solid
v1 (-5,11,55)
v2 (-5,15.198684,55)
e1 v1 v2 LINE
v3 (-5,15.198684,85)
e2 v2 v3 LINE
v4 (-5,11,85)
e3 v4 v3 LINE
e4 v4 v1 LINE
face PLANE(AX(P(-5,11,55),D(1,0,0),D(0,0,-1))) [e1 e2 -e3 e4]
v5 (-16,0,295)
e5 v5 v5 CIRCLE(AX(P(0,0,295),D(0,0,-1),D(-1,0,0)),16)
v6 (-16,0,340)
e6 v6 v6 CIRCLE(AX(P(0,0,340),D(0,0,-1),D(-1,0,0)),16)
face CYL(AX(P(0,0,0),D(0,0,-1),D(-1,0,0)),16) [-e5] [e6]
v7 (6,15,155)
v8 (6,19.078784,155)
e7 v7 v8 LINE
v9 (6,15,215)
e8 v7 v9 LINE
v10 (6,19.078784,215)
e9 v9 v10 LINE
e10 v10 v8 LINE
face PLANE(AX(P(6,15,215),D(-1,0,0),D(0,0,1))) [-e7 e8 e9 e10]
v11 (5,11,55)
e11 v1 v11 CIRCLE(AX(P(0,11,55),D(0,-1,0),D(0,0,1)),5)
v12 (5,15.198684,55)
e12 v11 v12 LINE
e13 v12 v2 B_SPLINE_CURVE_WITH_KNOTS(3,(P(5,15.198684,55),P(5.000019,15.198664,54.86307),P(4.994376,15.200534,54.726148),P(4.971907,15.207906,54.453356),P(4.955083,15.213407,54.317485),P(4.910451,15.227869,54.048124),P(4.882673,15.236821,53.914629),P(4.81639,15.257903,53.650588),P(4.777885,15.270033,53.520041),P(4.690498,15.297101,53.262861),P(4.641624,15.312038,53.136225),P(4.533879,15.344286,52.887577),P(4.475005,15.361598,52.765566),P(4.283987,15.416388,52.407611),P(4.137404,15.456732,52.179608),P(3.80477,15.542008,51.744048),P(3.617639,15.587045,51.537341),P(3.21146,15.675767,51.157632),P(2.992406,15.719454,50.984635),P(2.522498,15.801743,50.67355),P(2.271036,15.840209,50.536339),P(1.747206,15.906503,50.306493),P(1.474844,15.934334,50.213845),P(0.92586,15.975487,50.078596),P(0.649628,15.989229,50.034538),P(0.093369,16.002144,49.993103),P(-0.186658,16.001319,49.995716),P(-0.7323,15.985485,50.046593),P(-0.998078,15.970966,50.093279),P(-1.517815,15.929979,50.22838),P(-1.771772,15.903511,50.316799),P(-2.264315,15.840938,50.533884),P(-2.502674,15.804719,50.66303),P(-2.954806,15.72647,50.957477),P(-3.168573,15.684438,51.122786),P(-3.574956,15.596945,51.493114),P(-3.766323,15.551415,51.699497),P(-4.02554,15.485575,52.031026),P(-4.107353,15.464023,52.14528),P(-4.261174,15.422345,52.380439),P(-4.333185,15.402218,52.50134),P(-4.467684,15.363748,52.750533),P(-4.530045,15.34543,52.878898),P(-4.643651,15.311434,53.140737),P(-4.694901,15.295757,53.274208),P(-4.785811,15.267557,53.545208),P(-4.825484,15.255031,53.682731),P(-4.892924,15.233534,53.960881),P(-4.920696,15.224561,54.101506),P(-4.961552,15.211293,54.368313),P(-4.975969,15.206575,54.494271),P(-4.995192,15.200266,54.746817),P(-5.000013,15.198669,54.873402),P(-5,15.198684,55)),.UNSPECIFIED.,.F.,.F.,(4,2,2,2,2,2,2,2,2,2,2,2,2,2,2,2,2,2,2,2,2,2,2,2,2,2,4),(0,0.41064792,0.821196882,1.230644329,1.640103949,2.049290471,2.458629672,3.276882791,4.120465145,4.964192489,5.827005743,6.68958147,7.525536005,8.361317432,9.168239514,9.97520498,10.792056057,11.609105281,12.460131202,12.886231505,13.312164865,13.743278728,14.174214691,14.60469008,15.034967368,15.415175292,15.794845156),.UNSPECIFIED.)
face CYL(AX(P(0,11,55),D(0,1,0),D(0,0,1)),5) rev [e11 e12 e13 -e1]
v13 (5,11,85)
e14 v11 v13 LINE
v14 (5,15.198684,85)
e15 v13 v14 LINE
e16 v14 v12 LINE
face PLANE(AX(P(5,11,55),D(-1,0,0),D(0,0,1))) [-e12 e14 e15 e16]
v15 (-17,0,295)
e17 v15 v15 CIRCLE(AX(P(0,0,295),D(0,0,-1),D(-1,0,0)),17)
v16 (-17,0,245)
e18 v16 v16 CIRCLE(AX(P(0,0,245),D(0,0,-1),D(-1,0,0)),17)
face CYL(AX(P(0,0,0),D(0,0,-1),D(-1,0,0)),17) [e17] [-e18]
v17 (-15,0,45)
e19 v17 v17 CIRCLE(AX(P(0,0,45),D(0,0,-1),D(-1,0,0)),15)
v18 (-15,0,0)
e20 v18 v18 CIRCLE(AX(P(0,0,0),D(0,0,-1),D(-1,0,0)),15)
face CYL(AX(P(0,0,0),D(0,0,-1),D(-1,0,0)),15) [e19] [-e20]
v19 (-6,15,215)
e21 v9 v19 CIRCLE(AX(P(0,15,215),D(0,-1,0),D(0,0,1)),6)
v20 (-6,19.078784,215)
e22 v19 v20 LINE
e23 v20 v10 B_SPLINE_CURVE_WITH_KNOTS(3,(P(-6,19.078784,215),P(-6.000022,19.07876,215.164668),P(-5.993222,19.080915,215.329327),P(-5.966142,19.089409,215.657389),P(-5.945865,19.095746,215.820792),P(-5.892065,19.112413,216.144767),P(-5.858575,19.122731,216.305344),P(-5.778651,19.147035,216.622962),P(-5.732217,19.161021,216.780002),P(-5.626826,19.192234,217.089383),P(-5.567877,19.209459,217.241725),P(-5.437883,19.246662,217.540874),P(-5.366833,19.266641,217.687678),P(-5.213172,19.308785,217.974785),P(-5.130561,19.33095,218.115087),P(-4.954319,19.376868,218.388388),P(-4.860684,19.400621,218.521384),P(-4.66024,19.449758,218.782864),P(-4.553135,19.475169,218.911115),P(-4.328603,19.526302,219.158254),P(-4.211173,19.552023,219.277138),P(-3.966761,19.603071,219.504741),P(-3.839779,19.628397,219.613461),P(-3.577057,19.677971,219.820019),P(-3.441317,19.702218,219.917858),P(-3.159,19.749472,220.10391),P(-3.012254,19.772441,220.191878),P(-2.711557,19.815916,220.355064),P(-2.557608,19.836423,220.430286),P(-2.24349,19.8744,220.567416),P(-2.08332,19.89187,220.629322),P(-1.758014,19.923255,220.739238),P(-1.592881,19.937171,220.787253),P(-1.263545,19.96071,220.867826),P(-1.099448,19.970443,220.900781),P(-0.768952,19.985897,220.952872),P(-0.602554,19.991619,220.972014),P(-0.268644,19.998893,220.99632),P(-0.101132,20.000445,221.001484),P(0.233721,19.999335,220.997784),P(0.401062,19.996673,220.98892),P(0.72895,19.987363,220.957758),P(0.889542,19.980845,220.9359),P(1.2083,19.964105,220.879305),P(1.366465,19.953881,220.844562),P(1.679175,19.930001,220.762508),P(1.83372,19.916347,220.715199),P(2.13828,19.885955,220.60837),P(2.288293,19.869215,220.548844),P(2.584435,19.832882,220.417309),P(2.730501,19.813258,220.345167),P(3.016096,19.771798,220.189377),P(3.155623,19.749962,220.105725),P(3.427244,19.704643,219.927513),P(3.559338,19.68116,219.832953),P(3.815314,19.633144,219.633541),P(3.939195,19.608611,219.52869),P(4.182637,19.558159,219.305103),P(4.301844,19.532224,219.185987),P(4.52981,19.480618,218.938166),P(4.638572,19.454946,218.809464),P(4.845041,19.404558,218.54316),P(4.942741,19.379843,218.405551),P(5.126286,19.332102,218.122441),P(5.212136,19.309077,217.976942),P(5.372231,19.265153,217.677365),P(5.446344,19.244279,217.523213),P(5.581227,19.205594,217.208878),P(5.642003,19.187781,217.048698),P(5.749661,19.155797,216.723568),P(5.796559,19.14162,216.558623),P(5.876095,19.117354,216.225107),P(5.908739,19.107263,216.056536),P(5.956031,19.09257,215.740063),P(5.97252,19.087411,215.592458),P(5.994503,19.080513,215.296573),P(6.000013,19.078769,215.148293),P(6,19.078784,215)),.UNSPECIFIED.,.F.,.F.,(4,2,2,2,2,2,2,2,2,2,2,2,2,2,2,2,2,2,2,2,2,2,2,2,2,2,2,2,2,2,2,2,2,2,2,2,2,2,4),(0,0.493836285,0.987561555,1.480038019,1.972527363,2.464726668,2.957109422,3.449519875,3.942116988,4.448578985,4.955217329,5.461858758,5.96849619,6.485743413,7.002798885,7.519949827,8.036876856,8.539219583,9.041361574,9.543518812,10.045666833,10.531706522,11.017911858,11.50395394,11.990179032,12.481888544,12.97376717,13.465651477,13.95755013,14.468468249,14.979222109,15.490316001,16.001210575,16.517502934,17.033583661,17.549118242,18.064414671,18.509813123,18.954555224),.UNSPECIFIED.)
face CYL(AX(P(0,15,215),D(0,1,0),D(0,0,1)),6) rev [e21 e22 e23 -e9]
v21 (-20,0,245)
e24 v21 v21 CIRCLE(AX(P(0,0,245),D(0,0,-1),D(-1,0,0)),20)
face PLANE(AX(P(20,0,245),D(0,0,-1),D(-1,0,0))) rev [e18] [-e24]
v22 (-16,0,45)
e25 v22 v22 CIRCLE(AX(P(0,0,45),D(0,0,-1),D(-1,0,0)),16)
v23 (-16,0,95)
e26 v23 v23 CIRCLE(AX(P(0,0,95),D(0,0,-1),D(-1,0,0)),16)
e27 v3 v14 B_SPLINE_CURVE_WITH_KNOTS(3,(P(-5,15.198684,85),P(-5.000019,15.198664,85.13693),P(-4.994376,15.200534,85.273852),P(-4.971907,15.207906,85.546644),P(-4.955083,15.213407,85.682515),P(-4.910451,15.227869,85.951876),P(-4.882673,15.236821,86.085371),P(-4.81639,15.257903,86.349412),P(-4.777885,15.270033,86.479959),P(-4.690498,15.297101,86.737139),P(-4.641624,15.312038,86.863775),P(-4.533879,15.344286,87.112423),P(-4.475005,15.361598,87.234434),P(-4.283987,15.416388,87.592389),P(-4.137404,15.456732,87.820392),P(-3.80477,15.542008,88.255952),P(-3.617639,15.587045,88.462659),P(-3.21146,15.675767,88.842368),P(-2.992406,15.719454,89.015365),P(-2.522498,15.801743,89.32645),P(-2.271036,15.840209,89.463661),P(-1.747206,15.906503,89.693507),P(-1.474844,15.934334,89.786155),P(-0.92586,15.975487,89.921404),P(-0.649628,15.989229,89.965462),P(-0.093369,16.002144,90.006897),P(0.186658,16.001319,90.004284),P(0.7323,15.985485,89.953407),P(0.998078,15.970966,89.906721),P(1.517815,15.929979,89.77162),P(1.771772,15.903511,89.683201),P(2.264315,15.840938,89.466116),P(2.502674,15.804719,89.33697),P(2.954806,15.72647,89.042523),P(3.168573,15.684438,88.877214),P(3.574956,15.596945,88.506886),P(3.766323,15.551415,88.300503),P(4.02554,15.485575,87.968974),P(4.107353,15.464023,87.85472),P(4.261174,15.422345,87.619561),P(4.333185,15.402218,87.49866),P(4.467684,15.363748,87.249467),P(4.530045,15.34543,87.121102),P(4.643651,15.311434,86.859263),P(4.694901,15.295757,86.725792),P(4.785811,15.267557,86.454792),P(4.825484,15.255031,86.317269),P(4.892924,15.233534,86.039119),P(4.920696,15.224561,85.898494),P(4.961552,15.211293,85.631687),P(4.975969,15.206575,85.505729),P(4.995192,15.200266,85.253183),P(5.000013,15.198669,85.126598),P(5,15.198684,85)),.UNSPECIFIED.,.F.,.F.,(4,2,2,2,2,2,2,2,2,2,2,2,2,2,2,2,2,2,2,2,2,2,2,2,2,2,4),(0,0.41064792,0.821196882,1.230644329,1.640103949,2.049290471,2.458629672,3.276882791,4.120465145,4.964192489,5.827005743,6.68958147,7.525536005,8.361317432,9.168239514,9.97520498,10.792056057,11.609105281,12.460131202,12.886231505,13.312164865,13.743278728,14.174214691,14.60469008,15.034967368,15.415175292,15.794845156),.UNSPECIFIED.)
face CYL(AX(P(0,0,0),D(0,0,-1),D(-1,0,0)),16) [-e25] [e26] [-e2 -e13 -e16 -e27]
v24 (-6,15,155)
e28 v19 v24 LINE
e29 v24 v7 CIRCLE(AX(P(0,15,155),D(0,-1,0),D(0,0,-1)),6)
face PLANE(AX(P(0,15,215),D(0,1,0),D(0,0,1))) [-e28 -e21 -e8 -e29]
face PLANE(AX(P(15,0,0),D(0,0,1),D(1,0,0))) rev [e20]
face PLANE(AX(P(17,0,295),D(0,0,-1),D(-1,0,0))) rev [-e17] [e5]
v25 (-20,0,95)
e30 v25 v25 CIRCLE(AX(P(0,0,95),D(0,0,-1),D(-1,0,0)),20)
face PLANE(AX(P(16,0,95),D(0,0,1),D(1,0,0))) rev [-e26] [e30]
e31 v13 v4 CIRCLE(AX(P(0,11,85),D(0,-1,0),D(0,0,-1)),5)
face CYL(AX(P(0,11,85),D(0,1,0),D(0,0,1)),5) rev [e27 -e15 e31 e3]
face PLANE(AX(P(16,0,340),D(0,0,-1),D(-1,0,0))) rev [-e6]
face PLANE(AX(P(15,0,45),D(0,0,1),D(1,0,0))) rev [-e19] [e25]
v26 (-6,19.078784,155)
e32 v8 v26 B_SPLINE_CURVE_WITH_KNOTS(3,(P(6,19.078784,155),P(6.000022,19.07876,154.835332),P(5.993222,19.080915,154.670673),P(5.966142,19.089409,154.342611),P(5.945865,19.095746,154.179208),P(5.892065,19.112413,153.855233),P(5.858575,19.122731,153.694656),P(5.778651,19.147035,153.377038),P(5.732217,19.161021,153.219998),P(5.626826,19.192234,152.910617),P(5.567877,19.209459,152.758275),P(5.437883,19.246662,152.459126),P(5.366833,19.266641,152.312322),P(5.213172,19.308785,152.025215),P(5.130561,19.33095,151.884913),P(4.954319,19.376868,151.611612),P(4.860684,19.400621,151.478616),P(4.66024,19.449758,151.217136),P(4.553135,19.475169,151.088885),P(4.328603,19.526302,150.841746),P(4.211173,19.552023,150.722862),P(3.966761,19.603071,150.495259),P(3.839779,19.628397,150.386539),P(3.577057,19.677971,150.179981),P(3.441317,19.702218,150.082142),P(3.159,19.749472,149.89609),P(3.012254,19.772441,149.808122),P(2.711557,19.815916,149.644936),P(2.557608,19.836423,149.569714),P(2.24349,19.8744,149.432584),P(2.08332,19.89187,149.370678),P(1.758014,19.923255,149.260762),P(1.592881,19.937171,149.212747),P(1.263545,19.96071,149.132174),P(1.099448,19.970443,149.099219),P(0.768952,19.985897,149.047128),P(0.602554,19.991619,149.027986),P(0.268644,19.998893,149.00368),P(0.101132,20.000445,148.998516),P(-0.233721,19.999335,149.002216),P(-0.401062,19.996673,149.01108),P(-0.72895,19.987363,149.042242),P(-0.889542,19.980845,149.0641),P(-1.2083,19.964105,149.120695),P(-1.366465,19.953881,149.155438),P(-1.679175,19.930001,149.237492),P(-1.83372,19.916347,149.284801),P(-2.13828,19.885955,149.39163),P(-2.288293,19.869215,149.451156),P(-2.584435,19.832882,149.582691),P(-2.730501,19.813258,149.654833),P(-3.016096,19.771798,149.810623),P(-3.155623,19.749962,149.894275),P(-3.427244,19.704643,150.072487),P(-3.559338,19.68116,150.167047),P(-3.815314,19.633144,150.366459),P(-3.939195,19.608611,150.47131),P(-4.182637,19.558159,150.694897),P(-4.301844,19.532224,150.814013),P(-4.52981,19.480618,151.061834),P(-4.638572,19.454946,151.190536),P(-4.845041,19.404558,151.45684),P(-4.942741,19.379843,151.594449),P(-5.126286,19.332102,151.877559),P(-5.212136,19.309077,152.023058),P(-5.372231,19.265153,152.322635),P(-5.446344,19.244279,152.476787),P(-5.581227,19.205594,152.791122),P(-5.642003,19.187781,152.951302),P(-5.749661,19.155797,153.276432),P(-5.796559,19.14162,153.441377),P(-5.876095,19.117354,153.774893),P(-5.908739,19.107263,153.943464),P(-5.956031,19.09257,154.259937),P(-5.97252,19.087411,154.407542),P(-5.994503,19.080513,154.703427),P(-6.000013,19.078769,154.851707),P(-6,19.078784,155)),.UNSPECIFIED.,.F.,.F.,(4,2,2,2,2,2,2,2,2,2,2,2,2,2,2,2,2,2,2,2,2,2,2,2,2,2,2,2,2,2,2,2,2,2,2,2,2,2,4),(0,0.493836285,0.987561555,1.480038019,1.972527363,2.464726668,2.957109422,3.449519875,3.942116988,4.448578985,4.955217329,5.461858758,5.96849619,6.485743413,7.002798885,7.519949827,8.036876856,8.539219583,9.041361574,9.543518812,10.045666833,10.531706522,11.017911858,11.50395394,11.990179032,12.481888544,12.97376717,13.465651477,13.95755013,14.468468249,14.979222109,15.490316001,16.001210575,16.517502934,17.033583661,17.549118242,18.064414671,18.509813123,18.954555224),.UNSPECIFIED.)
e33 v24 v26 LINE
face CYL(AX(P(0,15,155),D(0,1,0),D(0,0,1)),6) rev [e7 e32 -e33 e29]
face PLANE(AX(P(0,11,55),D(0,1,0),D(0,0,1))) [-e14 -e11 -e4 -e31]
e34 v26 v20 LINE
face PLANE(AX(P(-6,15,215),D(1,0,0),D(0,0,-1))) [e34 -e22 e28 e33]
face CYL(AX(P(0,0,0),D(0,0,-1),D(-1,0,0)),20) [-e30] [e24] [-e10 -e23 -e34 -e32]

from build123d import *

# Parameters (mm, degrees)
CUT_EXTRUDE1_DEPTH  = 5
CUT_EXTRUDE11_DEPTH = 5


with BuildPart() as part:
    # Sketch1 → Revolve1 (revolve)
    with BuildSketch(Plane(origin=(0, 0, 0), x_dir=(1, 0, 0), z_dir=(0, 1, 0))):
        Polygon((0, 0), (0, -265), (0, -340), (16, -340), (16, -295), (17, -295), (17, -245), (20, -245), (20, -95), (16, -95), (16, -45), (15, -45), (15, 0), align=None)
    revolve(axis=Axis((0, 0, 0), (0, 0, 1)))

    # Sketch3 → Cut-Extrude1 (cut)
    with BuildSketch(Plane(origin=(2.233419524, 16, 45), x_dir=(0, 0, -1), z_dir=(0, -1, 0))):
        with BuildLine():
            Line((-10, 2.766580476), (-40, 2.766580476))
            ThreePointArc((-40, 2.766580476), (-45, -2.233419524), (-40, -7.233419524))
            Line((-40, -7.233419524), (-10, -7.233419524))
            ThreePointArc((-10, -7.233419524), (-5, -2.233419524), (-10, 2.766580476))
        make_face()
    extrude(amount=CUT_EXTRUDE1_DEPTH, mode=Mode.SUBTRACT)

    # Sketch31 → Cut-Extrude11 (cut)
    with BuildSketch(Plane(origin=(1.137793825, 20, 245), x_dir=(0, 0, 1), z_dir=(0, -1, 0))):
        with BuildLine():
            Line((-30, 7.137793825), (-90, 7.137793825))
            ThreePointArc((-90, 7.137793825), (-96, 1.137793825), (-90, -4.862206175))
            Line((-90, -4.862206175), (-30, -4.862206175))
            ThreePointArc((-30, -4.862206175), (-24, 1.137793825), (-30, 7.137793825))
        make_face()
    extrude(amount=CUT_EXTRUDE11_DEPTH, mode=Mode.SUBTRACT)


solid = part.part
